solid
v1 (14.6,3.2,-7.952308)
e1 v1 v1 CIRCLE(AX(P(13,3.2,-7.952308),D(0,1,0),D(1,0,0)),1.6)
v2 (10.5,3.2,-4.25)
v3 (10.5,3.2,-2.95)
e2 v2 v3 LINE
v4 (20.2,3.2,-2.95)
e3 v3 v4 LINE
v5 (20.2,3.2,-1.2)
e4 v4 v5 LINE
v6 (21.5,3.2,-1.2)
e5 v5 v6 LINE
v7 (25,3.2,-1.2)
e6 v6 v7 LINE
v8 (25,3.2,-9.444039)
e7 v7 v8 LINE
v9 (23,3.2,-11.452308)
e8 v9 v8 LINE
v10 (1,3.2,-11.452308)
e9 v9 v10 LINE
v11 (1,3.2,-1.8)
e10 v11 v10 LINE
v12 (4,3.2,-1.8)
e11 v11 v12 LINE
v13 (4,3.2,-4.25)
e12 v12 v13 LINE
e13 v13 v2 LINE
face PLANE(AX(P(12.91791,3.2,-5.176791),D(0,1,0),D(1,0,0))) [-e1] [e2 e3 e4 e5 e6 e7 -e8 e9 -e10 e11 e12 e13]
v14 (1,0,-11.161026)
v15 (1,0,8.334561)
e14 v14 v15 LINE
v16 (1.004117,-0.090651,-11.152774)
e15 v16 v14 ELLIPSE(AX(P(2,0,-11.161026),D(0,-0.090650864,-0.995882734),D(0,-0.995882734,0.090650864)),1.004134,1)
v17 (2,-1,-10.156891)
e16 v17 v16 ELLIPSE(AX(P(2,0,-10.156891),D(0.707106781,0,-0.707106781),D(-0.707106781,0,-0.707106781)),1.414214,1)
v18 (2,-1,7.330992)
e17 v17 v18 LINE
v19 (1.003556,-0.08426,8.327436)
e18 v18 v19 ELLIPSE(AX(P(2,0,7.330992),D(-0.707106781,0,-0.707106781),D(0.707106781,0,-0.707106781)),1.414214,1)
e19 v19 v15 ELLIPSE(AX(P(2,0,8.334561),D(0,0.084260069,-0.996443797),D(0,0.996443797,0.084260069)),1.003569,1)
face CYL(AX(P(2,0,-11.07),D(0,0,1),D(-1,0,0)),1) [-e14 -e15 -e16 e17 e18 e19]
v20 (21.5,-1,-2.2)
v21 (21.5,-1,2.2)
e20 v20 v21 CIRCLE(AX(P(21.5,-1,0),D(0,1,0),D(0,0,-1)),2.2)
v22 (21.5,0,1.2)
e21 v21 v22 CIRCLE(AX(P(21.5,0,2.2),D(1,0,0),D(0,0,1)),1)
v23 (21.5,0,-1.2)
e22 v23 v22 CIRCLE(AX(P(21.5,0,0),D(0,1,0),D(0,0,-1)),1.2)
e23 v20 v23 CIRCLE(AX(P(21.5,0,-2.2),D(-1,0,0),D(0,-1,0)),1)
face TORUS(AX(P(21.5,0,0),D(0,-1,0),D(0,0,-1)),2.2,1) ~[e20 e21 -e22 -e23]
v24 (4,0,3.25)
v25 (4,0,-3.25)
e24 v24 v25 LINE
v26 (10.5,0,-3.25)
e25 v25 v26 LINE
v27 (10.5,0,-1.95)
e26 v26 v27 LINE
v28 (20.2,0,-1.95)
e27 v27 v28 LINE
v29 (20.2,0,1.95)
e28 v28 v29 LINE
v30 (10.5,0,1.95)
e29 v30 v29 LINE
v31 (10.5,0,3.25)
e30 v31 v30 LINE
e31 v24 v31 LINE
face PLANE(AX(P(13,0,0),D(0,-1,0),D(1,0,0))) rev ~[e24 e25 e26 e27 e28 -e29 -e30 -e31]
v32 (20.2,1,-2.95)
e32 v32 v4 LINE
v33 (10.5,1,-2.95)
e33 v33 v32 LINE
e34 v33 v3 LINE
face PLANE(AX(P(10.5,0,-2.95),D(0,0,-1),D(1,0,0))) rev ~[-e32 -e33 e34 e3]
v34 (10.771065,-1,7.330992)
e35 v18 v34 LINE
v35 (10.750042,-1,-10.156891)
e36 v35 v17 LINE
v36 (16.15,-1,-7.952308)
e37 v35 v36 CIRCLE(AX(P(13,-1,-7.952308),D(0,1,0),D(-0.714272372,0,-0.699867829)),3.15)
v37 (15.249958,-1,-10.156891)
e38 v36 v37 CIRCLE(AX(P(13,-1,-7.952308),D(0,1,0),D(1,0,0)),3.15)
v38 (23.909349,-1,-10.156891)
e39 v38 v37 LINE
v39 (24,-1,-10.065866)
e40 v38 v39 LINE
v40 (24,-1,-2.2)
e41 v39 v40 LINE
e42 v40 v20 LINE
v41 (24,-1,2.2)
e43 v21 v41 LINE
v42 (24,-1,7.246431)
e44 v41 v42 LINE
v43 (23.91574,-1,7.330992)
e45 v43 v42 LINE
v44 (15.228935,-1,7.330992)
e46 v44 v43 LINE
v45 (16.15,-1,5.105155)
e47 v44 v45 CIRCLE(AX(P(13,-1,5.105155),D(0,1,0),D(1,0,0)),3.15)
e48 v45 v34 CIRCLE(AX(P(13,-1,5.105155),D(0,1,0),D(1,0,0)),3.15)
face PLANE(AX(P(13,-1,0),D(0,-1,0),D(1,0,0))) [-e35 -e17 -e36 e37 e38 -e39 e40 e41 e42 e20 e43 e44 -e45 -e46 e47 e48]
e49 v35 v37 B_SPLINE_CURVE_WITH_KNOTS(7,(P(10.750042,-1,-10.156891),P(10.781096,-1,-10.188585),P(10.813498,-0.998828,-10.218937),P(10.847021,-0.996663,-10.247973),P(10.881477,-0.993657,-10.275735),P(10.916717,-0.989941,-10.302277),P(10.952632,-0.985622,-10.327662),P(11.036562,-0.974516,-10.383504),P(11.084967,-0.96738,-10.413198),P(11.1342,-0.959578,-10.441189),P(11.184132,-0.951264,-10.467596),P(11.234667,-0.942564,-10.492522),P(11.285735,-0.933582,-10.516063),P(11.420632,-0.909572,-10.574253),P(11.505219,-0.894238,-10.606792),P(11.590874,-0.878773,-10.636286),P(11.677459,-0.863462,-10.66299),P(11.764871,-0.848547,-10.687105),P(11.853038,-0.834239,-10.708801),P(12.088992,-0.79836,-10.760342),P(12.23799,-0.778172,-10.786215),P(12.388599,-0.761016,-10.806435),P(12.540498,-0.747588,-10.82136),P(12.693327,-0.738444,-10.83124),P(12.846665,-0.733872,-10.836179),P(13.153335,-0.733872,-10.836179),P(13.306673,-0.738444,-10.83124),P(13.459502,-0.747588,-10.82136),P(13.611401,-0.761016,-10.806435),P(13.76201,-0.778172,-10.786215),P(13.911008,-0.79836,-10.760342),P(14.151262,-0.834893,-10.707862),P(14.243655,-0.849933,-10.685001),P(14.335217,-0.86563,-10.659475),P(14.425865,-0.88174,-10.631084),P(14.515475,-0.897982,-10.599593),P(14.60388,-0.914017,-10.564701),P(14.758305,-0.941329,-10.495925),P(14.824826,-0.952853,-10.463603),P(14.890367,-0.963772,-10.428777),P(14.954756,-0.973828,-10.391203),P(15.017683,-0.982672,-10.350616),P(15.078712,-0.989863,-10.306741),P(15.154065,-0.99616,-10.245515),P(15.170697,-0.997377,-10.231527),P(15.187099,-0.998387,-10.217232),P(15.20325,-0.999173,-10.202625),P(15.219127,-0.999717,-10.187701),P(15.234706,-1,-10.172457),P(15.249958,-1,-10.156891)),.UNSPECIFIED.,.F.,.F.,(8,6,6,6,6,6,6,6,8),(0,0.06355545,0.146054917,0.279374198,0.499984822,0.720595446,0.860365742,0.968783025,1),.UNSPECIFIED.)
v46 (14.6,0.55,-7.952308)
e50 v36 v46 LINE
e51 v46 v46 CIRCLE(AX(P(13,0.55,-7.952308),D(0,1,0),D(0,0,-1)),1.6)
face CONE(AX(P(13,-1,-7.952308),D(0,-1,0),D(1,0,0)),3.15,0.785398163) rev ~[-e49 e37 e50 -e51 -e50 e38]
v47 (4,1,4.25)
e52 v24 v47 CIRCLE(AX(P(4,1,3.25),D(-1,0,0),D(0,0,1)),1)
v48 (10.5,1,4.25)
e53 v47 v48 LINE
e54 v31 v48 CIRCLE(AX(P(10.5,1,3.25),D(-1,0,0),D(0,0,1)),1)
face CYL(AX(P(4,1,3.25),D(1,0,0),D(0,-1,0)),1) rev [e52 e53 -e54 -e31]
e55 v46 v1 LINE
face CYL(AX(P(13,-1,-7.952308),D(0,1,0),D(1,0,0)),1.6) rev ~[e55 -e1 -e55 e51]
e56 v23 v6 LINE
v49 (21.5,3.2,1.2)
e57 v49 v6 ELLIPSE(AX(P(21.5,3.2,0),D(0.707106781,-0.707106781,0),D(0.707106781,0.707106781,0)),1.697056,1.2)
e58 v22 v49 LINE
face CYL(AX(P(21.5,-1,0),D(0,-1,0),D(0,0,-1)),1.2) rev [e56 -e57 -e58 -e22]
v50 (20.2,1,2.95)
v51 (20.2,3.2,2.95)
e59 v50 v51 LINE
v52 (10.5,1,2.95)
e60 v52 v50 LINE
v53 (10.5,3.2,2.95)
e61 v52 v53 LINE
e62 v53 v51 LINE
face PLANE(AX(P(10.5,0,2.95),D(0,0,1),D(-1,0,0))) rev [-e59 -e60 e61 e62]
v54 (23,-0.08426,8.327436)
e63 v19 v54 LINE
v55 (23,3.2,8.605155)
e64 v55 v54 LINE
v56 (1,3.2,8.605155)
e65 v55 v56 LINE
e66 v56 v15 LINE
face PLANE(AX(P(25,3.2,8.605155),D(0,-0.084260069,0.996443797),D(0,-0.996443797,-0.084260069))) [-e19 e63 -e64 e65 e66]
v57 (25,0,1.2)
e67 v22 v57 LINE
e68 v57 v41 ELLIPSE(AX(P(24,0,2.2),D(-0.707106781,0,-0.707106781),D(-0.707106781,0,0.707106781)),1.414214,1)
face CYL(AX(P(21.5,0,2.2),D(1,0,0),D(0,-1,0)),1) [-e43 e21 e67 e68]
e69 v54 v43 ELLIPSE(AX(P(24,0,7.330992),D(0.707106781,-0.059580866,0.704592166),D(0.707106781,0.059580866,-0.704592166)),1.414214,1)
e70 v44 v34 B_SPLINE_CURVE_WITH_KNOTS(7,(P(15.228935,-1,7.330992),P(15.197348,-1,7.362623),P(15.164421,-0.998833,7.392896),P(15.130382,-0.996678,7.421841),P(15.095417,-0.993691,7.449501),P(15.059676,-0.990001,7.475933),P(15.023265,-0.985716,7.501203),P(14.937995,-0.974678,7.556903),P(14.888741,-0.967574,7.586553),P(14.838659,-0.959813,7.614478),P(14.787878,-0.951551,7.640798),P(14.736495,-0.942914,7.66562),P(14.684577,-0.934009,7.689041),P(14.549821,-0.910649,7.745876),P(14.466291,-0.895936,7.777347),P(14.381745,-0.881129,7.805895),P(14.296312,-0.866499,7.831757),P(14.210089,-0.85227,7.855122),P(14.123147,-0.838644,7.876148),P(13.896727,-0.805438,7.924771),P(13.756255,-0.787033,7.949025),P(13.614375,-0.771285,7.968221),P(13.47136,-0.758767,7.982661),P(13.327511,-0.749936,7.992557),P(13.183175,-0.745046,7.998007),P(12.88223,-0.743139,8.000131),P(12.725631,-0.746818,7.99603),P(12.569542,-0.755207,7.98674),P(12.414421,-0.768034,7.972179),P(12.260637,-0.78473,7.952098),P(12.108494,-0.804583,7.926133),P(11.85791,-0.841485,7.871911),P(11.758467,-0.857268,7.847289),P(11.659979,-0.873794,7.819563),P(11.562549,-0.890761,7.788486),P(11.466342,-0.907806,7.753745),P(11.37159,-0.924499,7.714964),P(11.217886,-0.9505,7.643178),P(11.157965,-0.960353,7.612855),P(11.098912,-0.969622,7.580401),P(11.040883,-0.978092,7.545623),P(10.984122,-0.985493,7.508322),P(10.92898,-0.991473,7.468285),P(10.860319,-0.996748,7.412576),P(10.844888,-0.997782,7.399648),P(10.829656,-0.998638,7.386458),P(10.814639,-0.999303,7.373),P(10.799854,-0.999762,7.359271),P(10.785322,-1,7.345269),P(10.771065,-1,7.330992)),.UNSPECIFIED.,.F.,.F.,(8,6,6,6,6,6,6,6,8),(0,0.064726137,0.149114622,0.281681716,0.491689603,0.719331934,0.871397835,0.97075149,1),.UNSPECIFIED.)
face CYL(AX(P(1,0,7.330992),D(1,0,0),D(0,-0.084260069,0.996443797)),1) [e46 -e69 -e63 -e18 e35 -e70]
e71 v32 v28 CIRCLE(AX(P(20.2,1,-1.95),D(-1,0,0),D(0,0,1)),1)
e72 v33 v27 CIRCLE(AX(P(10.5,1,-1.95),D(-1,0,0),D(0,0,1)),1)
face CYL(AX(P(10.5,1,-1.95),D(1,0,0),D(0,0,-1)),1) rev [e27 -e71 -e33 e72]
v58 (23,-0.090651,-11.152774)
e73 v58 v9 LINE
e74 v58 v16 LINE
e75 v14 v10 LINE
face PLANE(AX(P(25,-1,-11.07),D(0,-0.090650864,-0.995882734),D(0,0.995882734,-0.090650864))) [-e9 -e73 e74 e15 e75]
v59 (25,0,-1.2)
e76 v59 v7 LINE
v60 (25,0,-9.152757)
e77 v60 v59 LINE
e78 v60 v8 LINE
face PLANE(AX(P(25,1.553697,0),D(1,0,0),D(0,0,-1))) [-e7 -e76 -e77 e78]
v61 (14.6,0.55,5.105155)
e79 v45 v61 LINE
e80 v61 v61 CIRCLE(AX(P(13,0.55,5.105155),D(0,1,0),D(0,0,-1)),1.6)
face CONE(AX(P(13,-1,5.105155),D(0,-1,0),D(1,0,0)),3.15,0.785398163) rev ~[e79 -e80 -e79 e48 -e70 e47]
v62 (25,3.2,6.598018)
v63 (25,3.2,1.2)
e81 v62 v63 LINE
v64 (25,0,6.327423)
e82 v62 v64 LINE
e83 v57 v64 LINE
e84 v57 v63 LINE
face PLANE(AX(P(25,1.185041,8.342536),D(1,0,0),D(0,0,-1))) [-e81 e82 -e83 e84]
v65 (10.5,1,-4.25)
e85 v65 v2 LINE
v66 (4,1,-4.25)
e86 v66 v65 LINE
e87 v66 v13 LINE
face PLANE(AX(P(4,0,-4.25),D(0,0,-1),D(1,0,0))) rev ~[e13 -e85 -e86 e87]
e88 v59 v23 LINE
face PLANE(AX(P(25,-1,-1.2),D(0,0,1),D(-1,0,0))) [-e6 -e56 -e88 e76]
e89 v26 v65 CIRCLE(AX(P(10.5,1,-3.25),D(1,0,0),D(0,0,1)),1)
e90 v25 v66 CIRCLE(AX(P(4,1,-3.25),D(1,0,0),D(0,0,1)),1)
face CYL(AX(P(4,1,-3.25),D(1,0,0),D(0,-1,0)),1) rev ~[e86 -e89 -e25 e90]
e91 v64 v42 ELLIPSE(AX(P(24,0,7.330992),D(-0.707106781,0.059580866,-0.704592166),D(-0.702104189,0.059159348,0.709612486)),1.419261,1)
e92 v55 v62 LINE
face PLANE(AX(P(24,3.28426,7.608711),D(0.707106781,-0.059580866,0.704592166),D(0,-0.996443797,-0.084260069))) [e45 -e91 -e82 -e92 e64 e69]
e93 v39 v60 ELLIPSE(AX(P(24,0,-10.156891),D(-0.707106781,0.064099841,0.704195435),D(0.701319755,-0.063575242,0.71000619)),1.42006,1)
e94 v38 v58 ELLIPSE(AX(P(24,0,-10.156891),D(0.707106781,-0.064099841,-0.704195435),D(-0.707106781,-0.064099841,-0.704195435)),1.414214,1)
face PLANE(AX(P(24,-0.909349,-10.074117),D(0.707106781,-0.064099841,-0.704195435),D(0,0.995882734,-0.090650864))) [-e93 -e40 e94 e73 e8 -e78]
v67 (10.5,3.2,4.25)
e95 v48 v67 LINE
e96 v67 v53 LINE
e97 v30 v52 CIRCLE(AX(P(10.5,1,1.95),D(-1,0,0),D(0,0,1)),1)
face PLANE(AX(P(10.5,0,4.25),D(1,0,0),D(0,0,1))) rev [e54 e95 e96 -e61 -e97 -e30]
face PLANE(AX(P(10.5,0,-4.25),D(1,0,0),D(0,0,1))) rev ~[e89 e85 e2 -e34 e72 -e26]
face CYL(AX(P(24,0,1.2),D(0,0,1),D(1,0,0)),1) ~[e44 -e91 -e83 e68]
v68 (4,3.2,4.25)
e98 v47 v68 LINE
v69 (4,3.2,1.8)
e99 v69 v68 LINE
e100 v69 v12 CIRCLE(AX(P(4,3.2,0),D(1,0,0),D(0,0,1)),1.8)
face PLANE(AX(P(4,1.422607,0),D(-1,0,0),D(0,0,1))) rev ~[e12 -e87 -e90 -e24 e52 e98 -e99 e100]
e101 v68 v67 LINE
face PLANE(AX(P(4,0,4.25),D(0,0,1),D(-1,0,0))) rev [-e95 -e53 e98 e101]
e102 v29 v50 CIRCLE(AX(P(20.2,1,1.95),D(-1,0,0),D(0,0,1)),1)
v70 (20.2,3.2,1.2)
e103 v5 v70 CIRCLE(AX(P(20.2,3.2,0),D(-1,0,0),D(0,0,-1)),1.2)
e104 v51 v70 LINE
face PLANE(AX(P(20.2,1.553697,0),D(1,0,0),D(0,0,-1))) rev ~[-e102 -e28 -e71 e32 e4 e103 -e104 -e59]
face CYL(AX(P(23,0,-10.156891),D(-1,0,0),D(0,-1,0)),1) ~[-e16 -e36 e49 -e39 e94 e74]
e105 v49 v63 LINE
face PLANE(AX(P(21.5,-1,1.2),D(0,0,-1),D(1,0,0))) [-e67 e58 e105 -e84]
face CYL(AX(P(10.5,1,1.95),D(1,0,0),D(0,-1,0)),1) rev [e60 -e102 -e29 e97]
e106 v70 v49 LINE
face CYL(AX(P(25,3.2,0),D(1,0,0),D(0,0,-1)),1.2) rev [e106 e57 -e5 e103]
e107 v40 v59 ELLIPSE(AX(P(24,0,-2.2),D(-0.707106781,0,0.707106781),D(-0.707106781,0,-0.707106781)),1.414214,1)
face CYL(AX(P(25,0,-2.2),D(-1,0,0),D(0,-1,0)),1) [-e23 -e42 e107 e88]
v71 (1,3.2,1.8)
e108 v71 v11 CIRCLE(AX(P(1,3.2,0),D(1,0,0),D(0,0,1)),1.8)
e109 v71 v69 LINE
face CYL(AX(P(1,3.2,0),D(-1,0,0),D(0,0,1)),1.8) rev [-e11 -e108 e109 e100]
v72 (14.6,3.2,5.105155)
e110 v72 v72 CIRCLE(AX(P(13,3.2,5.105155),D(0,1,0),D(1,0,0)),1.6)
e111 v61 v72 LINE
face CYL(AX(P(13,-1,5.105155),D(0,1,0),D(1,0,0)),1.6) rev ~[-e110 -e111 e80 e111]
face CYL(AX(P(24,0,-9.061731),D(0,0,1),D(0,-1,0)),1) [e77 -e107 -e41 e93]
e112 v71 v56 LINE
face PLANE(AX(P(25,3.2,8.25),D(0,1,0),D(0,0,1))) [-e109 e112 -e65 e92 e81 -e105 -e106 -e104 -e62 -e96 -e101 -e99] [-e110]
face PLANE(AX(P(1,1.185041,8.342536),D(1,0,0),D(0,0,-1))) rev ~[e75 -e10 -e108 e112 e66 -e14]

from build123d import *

# Parameters (mm, degrees)
BOSS_EXTRUDE1_DEPTH                             = 3.2
SKETCH2_W                                       = 24
SKETCH2_H                                       = 16.5
BOSS_EXTRUDE2_DEPTH                             = 1
BOSS_EXTRUDE3_DEPTH                             = 4.8
BOSS_EXTRUDE4_DEPTH                             = 3
CUT_EXTRUDE1_REACH                              = 28.659
BOSS_EXTRUDE5_DEPTH                             = 24
SKETCH7_R                                       = 1.55
CUT_EXTRUDE2_DEPTH                              = 10
CHAMFER1_SIZE                                   = 2
FILLET1_R                                       = 1
CSK_FOR_M3_FLAT_HEAD_MACHINE_SCREW1_D           = 3.2
CSK_FOR_M3_FLAT_HEAD_MACHINE_SCREW1_CSINK_D     = 6.3
CSK_FOR_M3_FLAT_HEAD_MACHINE_SCREW1_CSINK_ANGLE = 90
FILLET2_R                                       = 1


with BuildPart() as part:
    # Sketch1 → Boss-Extrude1 (new body)
    with BuildSketch(Plane(origin=(0, 0, 0), x_dir=(1, 0, 0), z_dir=(0, 1, 0))):
        Polygon((1, 8.25), (1, 1.8), (4, 1.8), (4, 4.25), (10.5, 4.25), (10.5, 2.95), (20.2, 2.95), (20.2, 1.2), (25, 1.2), (25, 8.25), align=None)
    extrude(amount=BOSS_EXTRUDE1_DEPTH)


with BuildPart() as body_2:
    # Mirror3: mirrored copy
    add(part.part.mirror(Plane.XY))


with BuildPart() as part_1:
    add(part.part)

    add(body_2.part)  # Boss-Extrude2 merges body 2
    # Sketch2 → Boss-Extrude2 (add)
    with BuildSketch(Plane.XZ):
        with Locations((13, 0)):
            Rectangle(SKETCH2_W, SKETCH2_H)
    extrude(amount=BOSS_EXTRUDE2_DEPTH)

    # Sketch4 → Boss-Extrude3 (add)
    with BuildSketch(Plane(origin=(25, 0, 0), x_dir=(0, 0, -1), z_dir=(1, 0, 0))):
        with BuildLine():
            Line((-1.2, 3.2), (-1.2, 0))
            Line((-1.2, 0), (1.2, 0))
            Line((1.2, 0), (1.2, 3.2))
            ThreePointArc((1.2, 3.2), (0, 2), (-1.2, 3.2))
        make_face()
    extrude(amount=-BOSS_EXTRUDE3_DEPTH)

    # Sketch5 → Boss-Extrude4 (add)
    with BuildSketch(Plane.ZY.offset(-1)):
        with BuildLine():
            Line((-1.8, 3.2), (-1.8, 0))
            Line((-1.8, 0), (1.8, 0))
            Line((1.8, 0), (1.8, 3.2))
            ThreePointArc((1.8, 3.2), (0, 1.4), (-1.8, 3.2))
        make_face()
    extrude(amount=-BOSS_EXTRUDE4_DEPTH)

    # Cut-Extrude1: up to this face of the body (flat: up to its plane)
    cut_extrude1_end = Plane(part_1.part.faces().sort_by_distance((13.712117152, 3.2, 5.4174866))[0])
    # Sketch6 → Cut-Extrude1 (cut, up to the picked face)
    with BuildSketch(Plane.XZ.offset(1), mode=Mode.PRIVATE) as cut_extrude1_sk1:
        with BuildLine():
            Line((21.5, 1.2), (25, 1.2))
            Line((25, 1.2), (25, -1.2))
            Line((25, -1.2), (21.5, -1.2))
            ThreePointArc((21.5, -1.2), (20.3, 0), (21.5, 1.2))
        make_face()
    cut_extrude1_tool1 = split(extrude(cut_extrude1_sk1.sketch, amount=-CUT_EXTRUDE1_REACH, mode=Mode.PRIVATE), bisect_by=cut_extrude1_end, keep=Keep.BOTH, mode=Mode.PRIVATE)
    add(cut_extrude1_tool1.solids().sort_by(Axis((22.770687, -1, 0), (0, 1, 0)))[0], mode=Mode.SUBTRACT)

    # Sketch8 → Boss-Extrude5 (add)
    with BuildSketch(Plane(origin=(25, 0, 0), x_dir=(0, 0, -1), z_dir=(1, 0, 0))):
        Polygon((-8.25, 3.2), (-8.605155295, 3.2), (-8.25, -1), align=None)
        Polygon((8.25, 3.2), (8.25, -1), (11.07, -1), (11.452307692, 3.2), align=None)
    extrude(amount=-BOSS_EXTRUDE5_DEPTH)

    # Sketch7 → Cut-Extrude2 (cut)
    with BuildSketch(Plane(origin=(0, 3.2, 0), x_dir=(1, 0, 0), z_dir=(0, 1, 0))):
        with Locations(Location((13, 7.952307692, 0), (0, 0, 270))):
            Circle(SKETCH7_R)
        with Locations(Location((13, -5.105155295, 0), (0, 0, 90))):
            Circle(SKETCH7_R)
    extrude(amount=-CUT_EXTRUDE2_DEPTH, mode=Mode.SUBTRACT)

    # Chamfer1
    chamfer1_edges = [part_1.edges().sort_by_distance(p)[0] for p in [
        (25, 1.1, 8.427577647),
        (25, 1.1, -11.261153846),
    ]]
    chamfer(chamfer1_edges, length=CHAMFER1_SIZE)

    # Fillet1
    fillet1_edges = [part_1.edges().sort_by_distance(p)[0] for p in [
        (25, -1, 3.721431105),
        (20.3, -1, 0),
        (23.25, -1, -1.2),
        (23.25, -1, 1.2),
        (12, -1, -11.07),
        (12, -1, 8.25),
        (25, -1, -5.130865713),
        (1, -1, -1.41),
    ]]
    fillet(fillet1_edges, radius=FILLET1_R)

    # CSK for M3 Flat Head Machine Screw1 (through all)
    with Locations(Plane(origin=(0, -1, 0), x_dir=(-1, 0, 0), z_dir=(0, -1, 0))):
        with Locations((-13, -5.105155295), (-13, 7.952307692)):
            CounterSinkHole(CSK_FOR_M3_FLAT_HEAD_MACHINE_SCREW1_D / 2, CSK_FOR_M3_FLAT_HEAD_MACHINE_SCREW1_CSINK_D / 2, counter_sink_angle=CSK_FOR_M3_FLAT_HEAD_MACHINE_SCREW1_CSINK_ANGLE)

    # Fillet2
    fillet2_edges = [part_1.edges().sort_by_distance(p)[0] for p in [
        (15.35, 0, -2.95),
        (7.25, 0, -4.25),
        (15.35, 0, 2.95),
        (7.25, 0, 4.25),
    ]]
    fillet(fillet2_edges, radius=FILLET2_R)


solid = part_1.part
